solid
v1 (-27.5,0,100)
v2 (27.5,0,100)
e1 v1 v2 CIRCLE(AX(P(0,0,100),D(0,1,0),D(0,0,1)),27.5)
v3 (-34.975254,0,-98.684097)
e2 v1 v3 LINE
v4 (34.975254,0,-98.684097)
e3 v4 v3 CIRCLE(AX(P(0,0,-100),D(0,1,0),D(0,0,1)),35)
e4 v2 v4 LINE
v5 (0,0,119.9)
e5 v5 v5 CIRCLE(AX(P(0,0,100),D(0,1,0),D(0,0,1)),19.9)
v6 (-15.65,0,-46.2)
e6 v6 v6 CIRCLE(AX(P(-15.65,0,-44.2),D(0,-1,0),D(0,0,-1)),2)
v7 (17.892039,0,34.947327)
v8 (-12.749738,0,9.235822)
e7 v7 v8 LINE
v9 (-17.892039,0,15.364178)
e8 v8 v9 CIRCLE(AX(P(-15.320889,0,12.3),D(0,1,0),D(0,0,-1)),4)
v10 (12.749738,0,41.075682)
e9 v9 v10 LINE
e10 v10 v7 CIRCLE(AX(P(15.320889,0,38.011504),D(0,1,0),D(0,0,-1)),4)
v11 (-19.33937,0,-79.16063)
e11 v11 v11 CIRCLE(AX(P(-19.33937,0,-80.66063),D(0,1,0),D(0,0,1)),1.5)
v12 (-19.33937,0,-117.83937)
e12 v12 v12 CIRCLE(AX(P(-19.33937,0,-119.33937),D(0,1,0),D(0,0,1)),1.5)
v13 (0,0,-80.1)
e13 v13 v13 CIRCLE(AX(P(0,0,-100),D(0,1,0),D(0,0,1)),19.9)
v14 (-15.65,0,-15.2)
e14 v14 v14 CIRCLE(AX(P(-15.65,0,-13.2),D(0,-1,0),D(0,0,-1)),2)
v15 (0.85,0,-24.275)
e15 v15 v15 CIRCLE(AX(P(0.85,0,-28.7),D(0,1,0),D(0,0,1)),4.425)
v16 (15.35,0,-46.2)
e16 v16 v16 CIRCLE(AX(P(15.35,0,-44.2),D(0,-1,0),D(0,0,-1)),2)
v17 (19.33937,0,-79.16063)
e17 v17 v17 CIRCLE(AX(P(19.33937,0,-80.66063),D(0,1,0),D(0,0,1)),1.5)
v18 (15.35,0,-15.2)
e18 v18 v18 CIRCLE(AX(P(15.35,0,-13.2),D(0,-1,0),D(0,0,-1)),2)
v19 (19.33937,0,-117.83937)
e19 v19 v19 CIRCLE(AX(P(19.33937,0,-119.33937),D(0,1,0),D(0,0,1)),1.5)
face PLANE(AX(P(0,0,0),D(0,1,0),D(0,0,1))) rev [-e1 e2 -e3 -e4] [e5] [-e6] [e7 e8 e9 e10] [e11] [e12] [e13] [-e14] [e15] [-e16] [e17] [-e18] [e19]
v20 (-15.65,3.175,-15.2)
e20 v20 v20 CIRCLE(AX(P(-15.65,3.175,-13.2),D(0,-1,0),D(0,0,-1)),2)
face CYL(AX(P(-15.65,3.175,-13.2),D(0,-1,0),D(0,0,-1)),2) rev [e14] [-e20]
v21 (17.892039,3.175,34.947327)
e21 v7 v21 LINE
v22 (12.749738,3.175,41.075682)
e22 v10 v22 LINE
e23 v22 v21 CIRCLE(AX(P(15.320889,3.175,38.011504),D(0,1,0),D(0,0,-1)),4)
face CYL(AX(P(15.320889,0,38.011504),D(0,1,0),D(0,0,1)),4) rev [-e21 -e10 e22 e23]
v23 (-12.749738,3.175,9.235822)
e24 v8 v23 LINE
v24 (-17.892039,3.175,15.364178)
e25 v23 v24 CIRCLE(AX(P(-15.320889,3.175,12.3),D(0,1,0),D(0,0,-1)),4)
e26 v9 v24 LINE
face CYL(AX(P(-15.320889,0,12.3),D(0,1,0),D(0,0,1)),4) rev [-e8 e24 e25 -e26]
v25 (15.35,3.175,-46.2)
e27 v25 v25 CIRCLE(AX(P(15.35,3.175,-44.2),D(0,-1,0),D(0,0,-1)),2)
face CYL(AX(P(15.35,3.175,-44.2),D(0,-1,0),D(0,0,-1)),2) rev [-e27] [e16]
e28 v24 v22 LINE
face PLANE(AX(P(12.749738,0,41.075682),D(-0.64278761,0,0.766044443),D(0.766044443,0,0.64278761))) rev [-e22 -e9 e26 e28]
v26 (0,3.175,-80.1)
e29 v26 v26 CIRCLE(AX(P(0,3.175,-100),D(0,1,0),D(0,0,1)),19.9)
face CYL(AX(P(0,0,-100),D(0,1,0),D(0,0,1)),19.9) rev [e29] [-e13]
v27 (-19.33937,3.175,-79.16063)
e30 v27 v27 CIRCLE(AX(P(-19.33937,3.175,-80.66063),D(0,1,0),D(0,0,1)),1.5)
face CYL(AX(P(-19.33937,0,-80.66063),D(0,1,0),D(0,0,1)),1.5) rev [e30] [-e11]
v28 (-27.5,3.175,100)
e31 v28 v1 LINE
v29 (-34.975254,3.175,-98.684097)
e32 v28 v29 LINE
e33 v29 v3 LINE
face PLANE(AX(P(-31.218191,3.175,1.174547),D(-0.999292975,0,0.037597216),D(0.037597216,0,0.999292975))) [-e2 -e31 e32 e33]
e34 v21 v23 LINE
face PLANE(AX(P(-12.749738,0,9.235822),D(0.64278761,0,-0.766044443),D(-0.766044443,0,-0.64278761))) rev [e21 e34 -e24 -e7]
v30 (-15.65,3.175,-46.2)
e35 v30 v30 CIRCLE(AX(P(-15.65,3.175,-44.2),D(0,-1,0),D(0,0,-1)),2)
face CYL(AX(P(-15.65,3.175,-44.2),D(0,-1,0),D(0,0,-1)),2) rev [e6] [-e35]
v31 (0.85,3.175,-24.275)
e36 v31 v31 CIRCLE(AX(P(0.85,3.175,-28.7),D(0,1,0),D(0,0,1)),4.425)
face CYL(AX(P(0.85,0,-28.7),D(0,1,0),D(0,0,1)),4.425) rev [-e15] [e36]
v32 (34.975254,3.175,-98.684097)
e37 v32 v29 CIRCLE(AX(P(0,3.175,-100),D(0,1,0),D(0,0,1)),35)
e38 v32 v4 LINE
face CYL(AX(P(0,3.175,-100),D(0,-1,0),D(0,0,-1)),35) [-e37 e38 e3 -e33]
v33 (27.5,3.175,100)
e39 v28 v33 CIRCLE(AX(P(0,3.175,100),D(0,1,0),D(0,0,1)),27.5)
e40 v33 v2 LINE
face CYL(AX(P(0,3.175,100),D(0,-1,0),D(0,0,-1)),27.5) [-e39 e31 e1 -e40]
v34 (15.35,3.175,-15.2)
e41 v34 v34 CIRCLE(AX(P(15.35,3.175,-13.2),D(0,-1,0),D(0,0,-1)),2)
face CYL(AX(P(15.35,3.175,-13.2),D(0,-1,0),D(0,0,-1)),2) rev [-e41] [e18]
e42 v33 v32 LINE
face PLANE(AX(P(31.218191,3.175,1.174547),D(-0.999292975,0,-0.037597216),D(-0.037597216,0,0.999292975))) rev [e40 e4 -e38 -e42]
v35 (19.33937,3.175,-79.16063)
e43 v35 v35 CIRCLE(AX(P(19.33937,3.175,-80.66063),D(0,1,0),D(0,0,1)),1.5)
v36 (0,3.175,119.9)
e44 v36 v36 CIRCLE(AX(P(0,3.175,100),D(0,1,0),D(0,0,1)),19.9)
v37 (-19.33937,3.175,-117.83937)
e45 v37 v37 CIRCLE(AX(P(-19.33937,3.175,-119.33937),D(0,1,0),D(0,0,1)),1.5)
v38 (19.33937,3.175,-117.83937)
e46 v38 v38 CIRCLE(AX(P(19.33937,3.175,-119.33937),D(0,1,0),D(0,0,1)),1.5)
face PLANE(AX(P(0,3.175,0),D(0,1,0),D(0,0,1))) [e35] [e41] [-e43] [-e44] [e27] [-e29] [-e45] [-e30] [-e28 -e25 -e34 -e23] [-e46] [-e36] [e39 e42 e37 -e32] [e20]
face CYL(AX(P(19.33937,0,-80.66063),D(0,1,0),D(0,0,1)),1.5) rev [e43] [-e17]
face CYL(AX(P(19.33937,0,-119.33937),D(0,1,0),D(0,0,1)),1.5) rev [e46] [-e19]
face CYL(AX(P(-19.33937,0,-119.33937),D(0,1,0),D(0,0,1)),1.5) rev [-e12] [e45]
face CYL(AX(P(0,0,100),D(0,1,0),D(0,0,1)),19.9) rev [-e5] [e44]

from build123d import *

# Parameters (mm, degrees)
BOSS_EXTRUDE1_DEPTH     = 3.175
SKETCH2_R               = 19.9
CUT_EXTRUDE1_DEPTH      = 140.49939292
ESQUISSE2_R             = 1.5
ENL_V_MAT_EXTRU_1_DEPTH = 140.49939292
SKETCH3_R               = 4.425
CUT_EXTRUDE2_DEPTH      = 140.49939292
CUT_EXTRUDE4_DEPTH      = 140.49939292
SKETCH6_R               = 2
CUT_EXTRUDE5_DEPTH      = 140.49939292


with BuildPart() as part:
    # Sketch1 → Boss-Extrude1 (new body)
    with BuildSketch(Plane(origin=(0, 0, 0), x_dir=(1, 0, 0), z_dir=(0, 1, 0))):
        with BuildLine():
            Line((-27.5, -100), (-34.975254116, 98.684097441))
            ThreePointArc((-34.975254116, 98.684097441), (0, 135), (34.975254116, 98.684097441))
            Line((34.975254116, 98.684097441), (27.5, -100))
            ThreePointArc((27.5, -100), (0, -127.5), (-27.5, -100))
        make_face()
    extrude(amount=BOSS_EXTRUDE1_DEPTH)

    # Sketch2 → Cut-Extrude1 (cut, through all)
    with BuildSketch(Plane(origin=(0, 3.175, 0), x_dir=(1, 0, 0), z_dir=(0, 1, 0))):
        with Locations(Location((0, -100, 0), (0, 0, 270))):
            Circle(SKETCH2_R)
        with Locations(Location((0, 100, 0), (0, 0, 270))):
            Circle(SKETCH2_R)
    extrude(amount=-CUT_EXTRUDE1_DEPTH, mode=Mode.SUBTRACT)

    # Esquisse2 → Enlèv. mat.-Extru.1 (cut, through all)
    with BuildSketch(Plane(origin=(0, 3.175, 0), x_dir=(1, 0, 0), z_dir=(0, 1, 0))):
        with Locations(Location((19.339370465, 80.660629535, 0), (0, 0, 270))):
            Circle(ESQUISSE2_R)
        with Locations(Location((19.339370465, 119.339370465, 0), (0, 0, 270))):
            Circle(ESQUISSE2_R)
        with Locations(Location((-19.339370465, 119.339370465, 0), (0, 0, 270))):
            Circle(ESQUISSE2_R)
        with Locations(Location((-19.339370465, 80.660629535, 0), (0, 0, 270))):
            Circle(ESQUISSE2_R)
    extrude(amount=-ENL_V_MAT_EXTRU_1_DEPTH, mode=Mode.SUBTRACT)

    # Sketch3 → Cut-Extrude2 (cut, through all)
    with BuildSketch(Plane(origin=(0, 3.175, 0), x_dir=(1, 0, 0), z_dir=(0, 1, 0))):
        with Locations(Location((0.85, 28.7, 0), (0, 0, 270))):
            Circle(SKETCH3_R)
    extrude(amount=-CUT_EXTRUDE2_DEPTH, mode=Mode.SUBTRACT)

    # Sketch5 → Cut-Extrude4 (cut, through all)
    with BuildSketch(Plane(origin=(0, 3.175, 0), x_dir=(1, 0, 0), z_dir=(0, 1, 0))):
        with BuildLine():
            Line((12.749738424, -41.07568216), (-17.892039301, -15.364177772))
            ThreePointArc((-17.892039301, -15.364177772), (-18.385066635, -9.728849561), (-12.749738424, -9.235822228))
            Line((-12.749738424, -9.235822228), (17.892039301, -34.947326615))
            ThreePointArc((17.892039301, -34.947326615), (18.385066635, -40.582654826), (12.749738424, -41.07568216))
        make_face()
    extrude(amount=-CUT_EXTRUDE4_DEPTH, mode=Mode.SUBTRACT)

    # Sketch6 → Cut-Extrude5 (cut, through all)
    with BuildSketch(Plane(origin=(0, 0, 0), x_dir=(-1, 0, 0), z_dir=(0, -1, 0))):
        with Locations(Location((-15.35, 13.2, 0), (0, 0, 90))):
            Circle(SKETCH6_R)
        with Locations(Location((-15.35, 44.2, 0), (0, 0, 90))):
            Circle(SKETCH6_R)
        with Locations(Location((15.65, 44.2, 0), (0, 0, 90))):
            Circle(SKETCH6_R)
        with Locations(Location((15.65, 13.2, 0), (0, 0, 90))):
            Circle(SKETCH6_R)
    extrude(amount=-CUT_EXTRUDE5_DEPTH, mode=Mode.SUBTRACT)


solid = part.part
